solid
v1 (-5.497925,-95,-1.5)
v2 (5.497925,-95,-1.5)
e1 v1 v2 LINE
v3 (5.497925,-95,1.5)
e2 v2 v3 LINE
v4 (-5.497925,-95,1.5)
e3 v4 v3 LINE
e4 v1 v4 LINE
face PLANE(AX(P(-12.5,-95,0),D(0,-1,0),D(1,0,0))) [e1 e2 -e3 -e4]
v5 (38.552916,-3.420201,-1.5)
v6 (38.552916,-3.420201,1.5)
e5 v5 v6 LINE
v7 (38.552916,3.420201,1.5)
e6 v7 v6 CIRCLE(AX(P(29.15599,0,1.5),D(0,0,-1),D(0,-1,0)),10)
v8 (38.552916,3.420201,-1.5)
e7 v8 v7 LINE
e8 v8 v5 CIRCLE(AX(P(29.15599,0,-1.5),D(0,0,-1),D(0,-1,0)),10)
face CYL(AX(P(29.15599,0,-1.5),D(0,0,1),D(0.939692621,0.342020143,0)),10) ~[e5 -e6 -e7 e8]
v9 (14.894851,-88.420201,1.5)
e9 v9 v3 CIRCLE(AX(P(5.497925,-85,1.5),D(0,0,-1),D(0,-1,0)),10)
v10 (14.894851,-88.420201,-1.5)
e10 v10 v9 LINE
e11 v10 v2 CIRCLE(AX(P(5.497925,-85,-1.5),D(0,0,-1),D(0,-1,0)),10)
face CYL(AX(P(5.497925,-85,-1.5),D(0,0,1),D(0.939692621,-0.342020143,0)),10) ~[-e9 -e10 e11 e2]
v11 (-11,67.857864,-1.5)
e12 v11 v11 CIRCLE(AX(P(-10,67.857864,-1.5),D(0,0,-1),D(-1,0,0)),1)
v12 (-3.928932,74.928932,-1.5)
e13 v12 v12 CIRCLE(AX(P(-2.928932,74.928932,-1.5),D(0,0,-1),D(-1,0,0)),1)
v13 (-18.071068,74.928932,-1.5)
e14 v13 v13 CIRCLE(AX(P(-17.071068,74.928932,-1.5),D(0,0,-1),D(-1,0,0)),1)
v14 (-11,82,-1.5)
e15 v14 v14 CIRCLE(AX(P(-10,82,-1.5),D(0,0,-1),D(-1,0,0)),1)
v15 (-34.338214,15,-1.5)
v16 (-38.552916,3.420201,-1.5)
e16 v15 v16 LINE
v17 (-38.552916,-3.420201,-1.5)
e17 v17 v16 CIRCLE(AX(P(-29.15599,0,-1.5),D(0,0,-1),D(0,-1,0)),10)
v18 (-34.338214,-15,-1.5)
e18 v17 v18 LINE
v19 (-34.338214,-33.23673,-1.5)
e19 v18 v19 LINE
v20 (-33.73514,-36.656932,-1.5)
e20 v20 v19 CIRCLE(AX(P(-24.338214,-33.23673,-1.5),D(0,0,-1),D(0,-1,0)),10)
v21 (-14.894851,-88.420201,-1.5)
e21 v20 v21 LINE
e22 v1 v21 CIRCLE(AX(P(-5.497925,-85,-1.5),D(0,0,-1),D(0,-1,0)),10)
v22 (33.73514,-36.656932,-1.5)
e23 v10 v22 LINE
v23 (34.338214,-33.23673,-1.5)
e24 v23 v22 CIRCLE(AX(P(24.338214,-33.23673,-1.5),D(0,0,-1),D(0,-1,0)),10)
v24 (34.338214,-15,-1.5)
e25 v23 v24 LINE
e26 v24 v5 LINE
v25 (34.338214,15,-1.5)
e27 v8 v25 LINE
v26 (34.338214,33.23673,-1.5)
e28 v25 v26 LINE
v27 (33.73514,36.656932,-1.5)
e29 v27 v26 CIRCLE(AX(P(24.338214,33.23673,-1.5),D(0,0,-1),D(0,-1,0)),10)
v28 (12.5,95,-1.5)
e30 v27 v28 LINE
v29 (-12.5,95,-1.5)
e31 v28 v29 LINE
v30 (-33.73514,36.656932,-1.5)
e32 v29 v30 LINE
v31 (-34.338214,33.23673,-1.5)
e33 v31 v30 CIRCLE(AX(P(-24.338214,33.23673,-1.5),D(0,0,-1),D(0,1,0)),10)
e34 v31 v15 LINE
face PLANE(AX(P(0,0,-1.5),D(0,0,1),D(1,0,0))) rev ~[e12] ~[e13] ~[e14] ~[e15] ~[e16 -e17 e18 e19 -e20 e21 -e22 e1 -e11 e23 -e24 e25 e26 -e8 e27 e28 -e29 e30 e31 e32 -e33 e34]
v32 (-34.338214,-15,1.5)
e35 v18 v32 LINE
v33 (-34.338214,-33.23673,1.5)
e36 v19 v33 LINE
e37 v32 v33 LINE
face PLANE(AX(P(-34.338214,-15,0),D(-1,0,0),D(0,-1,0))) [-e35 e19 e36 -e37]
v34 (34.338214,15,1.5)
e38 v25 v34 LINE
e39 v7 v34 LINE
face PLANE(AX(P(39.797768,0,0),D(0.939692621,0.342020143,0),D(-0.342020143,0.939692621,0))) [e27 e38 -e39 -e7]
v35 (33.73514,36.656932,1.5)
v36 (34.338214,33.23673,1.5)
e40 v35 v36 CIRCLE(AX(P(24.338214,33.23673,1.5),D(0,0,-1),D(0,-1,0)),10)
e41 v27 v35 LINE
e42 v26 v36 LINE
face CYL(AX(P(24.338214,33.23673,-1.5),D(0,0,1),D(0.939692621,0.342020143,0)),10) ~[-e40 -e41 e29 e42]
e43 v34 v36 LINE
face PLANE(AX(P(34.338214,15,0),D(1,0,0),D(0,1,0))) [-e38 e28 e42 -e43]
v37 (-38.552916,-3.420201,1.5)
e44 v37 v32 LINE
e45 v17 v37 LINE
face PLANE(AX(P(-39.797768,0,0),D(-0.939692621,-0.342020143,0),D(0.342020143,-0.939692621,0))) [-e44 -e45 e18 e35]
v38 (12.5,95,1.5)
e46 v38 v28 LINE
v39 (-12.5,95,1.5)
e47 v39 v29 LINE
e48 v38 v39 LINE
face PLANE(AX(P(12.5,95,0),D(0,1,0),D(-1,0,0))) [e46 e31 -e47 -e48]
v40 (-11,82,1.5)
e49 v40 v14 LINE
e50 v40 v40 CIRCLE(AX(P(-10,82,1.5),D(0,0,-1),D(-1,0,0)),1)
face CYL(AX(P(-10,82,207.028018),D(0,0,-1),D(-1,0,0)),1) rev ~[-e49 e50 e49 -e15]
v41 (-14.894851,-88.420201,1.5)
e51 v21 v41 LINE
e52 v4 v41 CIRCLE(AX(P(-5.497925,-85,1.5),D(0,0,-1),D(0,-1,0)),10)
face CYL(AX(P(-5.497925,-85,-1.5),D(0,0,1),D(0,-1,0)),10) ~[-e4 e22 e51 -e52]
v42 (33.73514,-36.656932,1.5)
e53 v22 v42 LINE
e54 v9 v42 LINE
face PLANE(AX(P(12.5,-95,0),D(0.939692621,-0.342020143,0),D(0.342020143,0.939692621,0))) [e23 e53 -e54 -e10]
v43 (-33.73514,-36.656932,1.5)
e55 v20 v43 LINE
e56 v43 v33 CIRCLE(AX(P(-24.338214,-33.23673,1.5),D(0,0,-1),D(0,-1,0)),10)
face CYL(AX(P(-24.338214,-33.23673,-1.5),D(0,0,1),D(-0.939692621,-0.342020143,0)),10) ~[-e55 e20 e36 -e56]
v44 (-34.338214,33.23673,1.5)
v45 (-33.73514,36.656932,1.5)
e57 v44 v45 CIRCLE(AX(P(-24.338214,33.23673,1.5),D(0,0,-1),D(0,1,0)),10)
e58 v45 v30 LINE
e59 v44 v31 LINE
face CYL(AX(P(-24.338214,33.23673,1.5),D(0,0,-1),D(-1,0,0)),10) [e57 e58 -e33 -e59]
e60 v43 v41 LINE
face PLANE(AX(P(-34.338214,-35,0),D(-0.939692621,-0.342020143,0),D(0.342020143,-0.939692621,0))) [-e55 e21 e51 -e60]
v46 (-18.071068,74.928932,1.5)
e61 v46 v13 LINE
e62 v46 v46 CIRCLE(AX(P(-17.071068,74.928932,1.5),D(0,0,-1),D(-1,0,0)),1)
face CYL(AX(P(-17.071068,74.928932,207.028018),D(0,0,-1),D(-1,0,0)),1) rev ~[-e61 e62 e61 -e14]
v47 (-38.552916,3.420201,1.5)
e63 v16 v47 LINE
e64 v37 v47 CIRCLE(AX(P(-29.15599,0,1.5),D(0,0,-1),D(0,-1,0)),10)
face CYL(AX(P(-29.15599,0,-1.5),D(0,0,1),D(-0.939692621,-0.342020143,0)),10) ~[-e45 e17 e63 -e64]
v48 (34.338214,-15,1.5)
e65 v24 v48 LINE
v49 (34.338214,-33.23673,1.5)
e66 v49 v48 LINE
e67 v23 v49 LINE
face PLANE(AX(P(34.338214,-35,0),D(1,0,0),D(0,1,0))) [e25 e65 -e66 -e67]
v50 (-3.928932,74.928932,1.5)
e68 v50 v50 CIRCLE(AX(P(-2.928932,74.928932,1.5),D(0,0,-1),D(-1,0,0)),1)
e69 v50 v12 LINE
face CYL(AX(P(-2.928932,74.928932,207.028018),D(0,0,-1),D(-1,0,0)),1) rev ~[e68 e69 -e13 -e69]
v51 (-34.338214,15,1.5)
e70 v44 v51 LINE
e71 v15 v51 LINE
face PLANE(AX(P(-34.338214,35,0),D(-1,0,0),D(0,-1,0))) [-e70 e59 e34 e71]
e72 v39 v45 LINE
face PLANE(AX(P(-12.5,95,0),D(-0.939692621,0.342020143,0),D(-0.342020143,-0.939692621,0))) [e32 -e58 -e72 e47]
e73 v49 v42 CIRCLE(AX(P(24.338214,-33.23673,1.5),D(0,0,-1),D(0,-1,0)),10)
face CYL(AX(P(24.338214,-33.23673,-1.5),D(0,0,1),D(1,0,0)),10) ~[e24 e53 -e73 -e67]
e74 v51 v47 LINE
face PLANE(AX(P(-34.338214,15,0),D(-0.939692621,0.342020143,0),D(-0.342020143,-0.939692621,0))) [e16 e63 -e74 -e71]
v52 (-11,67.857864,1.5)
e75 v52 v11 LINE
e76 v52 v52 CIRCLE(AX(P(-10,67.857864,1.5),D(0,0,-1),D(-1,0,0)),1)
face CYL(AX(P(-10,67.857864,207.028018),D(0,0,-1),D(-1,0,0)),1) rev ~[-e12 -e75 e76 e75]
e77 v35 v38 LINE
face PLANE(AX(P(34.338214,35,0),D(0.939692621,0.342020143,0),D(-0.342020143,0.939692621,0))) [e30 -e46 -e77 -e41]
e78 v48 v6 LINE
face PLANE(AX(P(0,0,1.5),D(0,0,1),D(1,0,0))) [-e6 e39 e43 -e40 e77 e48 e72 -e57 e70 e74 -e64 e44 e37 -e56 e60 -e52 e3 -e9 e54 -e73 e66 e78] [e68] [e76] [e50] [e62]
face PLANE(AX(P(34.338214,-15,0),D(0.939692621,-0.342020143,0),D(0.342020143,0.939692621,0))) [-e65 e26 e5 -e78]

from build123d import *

# Parameters (mm, degrees)
F1_DEPTH = 1.5
F2_R     = 10
F4_D     = 2


with BuildPart() as f1:
    # F0 (on Top) → F1 (new body, symmetric)
    with BuildSketch(Plane.XY):
        Polygon((-34.338214056, 35), (-34.338214056, 15), (-39.79776757, 0), (-34.338214056, -15), (-34.338214056, -35), (-12.5, -95), (0, -95), (12.5, -95), (34.338214056, -35), (34.338214056, -15), (39.79776757, 0), (34.338214056, 15), (34.338214056, 35), (12.5, 95), (0, 95), (-12.5, 95), align=None)
    extrude(amount=F1_DEPTH, both=True)

    # F2
    f2_edges = [f1.edges().sort_by_distance(p)[0] for p in [
        (-34.338214, 35, 0),
        (-39.797768, 0, 0),
        (34.338214, 35, 0),
        (39.797768, 0, 0),
        (-34.338214, -35, 0),
        (34.338214, -35, 0),
        (12.5, -95, 0),
        (-12.5, -95, 0),
    ]]
    fillet(f2_edges, radius=F2_R)

    # F4 (through all)
    with Locations(Plane.XY.offset(1.5)):
        with Locations((-17.0710678119, 74.9289321881), (-10, 82), (-10, 67.8578643763), (-2.9289321881, 74.9289321881)):
            Hole(F4_D / 2)


solid = f1.part
